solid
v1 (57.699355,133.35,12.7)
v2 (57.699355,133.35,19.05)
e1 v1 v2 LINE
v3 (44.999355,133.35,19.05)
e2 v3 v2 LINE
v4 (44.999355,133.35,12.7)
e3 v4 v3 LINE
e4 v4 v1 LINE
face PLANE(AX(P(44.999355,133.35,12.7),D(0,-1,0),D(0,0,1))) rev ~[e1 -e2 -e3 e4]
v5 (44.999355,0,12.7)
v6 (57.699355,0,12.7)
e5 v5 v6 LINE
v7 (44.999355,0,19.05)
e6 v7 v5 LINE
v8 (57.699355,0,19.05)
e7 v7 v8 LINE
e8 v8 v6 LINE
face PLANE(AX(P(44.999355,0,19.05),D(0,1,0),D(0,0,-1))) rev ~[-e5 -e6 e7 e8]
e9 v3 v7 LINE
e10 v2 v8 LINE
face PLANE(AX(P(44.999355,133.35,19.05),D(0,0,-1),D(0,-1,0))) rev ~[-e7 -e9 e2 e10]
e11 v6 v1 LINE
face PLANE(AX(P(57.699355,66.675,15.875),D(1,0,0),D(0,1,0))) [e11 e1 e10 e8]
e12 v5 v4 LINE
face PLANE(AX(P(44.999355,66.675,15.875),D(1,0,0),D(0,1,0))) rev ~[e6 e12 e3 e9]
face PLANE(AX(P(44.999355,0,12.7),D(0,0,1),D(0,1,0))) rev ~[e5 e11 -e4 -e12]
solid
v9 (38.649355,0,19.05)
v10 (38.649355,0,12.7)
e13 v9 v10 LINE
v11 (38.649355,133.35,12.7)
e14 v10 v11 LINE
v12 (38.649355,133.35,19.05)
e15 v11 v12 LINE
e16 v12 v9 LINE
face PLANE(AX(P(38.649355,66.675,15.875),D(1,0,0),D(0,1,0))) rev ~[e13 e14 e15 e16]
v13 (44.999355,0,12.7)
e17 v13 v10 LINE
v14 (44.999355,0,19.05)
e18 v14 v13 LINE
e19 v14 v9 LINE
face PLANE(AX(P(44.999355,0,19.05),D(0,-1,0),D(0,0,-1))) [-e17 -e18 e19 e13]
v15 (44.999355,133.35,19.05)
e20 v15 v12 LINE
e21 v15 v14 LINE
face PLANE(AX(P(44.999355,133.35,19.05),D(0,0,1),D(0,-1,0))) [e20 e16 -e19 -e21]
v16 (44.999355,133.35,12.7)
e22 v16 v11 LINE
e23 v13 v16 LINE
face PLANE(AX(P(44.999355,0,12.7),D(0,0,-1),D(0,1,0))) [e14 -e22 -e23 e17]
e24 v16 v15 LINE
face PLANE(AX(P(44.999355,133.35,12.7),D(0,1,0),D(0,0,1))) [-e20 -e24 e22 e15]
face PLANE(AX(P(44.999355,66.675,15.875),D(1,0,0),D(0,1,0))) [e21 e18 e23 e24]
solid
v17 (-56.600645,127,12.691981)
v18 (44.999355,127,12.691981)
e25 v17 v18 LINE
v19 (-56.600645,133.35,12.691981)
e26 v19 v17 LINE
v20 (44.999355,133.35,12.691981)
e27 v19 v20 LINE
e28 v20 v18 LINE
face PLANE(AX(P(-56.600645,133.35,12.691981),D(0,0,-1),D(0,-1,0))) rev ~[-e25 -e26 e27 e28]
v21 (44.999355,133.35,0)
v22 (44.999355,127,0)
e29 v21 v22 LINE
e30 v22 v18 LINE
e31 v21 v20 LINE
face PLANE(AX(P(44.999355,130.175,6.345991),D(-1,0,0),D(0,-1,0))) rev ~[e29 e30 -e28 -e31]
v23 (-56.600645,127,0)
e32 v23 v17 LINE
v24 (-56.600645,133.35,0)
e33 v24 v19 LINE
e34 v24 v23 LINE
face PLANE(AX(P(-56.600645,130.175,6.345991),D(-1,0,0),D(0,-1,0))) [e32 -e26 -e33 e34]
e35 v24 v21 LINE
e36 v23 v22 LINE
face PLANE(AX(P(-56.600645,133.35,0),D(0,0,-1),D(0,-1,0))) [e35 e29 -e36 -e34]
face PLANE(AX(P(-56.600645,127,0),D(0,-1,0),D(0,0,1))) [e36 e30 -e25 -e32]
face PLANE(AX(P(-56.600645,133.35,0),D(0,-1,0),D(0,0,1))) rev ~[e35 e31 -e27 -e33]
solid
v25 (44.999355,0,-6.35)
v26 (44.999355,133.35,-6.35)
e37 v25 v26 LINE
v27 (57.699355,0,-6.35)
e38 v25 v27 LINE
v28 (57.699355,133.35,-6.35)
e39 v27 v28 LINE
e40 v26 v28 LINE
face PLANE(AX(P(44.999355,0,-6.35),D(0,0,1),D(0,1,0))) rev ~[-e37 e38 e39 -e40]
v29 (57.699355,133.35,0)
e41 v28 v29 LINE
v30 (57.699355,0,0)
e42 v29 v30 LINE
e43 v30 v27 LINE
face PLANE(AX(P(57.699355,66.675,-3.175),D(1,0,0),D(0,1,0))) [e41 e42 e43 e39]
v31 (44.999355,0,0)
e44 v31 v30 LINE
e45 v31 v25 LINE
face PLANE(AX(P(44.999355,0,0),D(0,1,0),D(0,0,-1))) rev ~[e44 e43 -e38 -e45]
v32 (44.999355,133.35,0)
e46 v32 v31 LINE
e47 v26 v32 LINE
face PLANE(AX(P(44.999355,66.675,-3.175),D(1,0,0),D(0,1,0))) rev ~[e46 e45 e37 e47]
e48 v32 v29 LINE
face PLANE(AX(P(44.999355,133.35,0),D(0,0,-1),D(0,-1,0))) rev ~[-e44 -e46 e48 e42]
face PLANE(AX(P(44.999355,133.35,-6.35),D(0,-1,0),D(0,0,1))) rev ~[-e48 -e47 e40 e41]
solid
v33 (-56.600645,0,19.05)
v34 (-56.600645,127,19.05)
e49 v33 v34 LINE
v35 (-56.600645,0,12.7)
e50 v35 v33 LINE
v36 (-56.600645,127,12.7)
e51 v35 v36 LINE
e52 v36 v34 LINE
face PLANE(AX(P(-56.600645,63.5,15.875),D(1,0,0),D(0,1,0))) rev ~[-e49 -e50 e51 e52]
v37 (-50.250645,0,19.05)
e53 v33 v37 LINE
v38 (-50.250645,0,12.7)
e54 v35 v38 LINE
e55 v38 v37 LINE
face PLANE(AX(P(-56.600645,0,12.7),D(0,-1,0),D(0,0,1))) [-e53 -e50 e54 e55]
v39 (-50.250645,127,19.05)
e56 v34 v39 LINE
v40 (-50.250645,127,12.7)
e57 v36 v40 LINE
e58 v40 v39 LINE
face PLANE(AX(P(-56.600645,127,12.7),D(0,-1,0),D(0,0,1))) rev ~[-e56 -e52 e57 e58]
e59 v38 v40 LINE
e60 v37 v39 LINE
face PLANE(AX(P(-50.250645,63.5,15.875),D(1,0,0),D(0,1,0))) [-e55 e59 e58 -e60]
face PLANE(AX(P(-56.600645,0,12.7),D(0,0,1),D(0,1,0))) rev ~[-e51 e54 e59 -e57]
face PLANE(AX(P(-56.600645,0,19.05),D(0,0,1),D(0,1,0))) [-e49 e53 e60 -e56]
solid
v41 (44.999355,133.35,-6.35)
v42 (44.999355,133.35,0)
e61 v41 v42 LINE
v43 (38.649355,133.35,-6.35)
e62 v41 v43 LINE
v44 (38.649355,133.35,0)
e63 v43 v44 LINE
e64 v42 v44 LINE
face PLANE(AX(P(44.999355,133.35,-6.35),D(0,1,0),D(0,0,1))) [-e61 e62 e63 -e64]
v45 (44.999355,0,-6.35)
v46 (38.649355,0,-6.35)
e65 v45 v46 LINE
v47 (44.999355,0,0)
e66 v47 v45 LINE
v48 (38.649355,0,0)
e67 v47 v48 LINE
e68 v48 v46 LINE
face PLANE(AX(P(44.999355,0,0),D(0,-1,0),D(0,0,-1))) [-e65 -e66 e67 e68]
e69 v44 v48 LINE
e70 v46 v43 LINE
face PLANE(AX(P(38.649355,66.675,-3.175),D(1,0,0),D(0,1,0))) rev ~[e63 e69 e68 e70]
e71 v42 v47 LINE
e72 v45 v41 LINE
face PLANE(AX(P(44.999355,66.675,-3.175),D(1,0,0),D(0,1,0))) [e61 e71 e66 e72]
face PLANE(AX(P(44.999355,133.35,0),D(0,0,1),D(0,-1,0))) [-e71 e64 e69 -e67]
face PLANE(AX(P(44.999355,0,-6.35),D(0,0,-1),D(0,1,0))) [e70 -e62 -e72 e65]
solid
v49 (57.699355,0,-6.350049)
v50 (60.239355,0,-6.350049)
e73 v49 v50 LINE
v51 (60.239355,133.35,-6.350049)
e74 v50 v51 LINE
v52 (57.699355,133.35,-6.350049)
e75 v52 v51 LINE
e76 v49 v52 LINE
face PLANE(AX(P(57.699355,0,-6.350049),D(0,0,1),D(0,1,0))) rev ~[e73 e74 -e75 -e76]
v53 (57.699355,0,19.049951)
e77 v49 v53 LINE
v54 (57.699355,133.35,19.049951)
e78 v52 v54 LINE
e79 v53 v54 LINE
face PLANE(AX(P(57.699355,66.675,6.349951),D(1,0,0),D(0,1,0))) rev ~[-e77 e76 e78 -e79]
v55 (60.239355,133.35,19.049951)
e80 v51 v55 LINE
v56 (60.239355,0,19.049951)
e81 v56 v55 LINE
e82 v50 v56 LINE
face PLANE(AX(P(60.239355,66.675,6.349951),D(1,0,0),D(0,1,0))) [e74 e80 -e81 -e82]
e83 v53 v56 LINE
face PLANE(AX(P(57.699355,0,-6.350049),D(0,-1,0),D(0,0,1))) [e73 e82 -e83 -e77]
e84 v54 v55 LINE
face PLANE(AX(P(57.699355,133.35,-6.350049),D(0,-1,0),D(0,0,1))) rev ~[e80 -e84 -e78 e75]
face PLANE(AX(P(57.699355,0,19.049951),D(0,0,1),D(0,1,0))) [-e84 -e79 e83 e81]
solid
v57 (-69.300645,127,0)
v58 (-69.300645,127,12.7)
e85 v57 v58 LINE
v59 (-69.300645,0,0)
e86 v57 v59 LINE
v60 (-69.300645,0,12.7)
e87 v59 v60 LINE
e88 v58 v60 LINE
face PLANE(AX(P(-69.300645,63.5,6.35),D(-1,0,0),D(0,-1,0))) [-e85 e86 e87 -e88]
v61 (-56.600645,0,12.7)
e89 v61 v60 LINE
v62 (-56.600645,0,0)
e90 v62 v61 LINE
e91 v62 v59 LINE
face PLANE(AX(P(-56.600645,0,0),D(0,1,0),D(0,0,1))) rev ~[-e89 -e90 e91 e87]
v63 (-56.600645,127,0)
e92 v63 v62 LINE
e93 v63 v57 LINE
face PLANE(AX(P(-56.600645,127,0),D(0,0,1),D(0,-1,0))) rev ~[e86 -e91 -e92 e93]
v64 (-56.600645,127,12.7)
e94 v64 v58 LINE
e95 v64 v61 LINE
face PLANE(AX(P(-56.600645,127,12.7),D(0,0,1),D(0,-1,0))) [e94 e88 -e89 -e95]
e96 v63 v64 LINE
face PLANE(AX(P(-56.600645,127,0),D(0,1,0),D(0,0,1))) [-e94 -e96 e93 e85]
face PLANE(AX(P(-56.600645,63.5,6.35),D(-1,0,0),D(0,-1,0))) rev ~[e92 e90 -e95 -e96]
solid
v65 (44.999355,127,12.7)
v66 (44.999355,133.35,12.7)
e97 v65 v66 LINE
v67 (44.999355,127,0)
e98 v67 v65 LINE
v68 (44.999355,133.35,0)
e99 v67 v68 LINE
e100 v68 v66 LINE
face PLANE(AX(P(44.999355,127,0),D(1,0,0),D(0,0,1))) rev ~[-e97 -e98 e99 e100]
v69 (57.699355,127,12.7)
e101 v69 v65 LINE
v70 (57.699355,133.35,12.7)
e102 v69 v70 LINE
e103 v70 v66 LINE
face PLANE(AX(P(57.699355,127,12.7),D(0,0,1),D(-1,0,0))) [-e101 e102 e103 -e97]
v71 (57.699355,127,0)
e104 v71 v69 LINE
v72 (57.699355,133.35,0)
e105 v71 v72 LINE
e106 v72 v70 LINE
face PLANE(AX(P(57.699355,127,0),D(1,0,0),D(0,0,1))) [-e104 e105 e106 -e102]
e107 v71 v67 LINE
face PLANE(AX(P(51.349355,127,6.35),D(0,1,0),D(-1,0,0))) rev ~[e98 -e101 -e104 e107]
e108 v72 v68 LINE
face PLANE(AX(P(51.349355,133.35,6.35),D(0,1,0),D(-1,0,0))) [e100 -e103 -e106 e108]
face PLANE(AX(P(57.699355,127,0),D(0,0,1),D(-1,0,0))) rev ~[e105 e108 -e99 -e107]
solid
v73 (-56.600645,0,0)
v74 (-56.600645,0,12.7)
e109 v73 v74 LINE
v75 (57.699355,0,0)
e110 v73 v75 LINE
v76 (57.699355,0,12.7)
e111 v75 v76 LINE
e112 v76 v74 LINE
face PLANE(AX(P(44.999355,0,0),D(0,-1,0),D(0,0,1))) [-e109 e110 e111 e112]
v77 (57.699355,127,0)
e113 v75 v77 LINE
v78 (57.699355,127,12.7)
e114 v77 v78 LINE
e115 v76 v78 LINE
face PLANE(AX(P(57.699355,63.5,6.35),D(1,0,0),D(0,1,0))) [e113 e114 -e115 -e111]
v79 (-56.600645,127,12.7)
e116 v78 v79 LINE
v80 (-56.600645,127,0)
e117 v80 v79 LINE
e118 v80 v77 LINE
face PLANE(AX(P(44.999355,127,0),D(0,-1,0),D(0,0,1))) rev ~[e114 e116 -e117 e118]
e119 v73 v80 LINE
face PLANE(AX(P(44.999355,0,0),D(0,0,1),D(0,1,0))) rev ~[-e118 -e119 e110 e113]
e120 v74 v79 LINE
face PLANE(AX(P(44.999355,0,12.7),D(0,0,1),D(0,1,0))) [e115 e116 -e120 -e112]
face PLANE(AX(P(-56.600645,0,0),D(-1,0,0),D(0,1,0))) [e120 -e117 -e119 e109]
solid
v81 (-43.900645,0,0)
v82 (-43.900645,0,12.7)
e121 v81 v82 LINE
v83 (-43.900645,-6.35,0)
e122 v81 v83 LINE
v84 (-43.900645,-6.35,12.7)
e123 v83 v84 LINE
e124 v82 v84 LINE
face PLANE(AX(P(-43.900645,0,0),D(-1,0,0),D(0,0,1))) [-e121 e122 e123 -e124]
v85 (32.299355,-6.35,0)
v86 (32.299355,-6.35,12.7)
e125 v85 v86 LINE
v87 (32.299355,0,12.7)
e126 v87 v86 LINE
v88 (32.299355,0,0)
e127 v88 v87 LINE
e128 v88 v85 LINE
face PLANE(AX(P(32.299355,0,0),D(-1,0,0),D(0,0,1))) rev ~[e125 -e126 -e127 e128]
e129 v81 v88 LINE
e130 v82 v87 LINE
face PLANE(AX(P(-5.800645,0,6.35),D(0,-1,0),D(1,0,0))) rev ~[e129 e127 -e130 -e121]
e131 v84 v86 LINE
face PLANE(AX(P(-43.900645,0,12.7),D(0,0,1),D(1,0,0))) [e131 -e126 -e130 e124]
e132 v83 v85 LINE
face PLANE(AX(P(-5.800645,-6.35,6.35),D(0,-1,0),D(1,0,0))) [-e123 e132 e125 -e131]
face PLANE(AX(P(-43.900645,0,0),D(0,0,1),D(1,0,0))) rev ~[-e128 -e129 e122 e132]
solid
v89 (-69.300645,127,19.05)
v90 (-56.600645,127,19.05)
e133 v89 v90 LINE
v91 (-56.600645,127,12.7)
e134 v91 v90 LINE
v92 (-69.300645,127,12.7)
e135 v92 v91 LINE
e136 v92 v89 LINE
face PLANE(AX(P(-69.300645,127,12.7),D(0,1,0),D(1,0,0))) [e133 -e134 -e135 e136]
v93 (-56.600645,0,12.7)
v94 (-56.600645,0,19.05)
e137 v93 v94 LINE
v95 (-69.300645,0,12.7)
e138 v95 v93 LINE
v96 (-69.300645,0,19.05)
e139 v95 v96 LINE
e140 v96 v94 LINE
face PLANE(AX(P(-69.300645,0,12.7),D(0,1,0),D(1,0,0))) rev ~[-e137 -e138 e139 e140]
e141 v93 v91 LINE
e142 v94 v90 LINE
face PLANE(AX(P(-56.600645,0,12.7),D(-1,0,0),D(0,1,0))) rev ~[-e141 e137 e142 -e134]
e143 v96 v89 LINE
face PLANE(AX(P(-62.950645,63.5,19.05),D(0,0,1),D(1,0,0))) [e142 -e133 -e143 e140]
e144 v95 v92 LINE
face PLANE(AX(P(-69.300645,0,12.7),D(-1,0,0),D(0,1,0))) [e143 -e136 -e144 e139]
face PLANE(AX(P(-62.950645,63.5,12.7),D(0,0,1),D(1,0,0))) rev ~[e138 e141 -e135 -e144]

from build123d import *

# Parameters (mm, degrees)
F0_W      = 101.6
F0_H      = 127
F1_DEPTH  = 12.7
F2_W      = 76.2
F2_H      = 12.7
F3_DEPTH  = 6.35
F6_DEPTH  = 6.35
F4_W      = 127
F4_H      = 12.7
F7_DEPTH  = 12.7
F8_DEPTH  = 6.35
F9_DEPTH  = 12.7
F10_W     = 133.35
F10_H     = 25.4
F11_DEPTH = 2.54
F12_W     = 12.7
F12_H     = 12.7
F13_DEPTH = 6.35
F14_W     = 6.35
F14_H     = 12.6919811592
F15_DEPTH = 101.6
F16_W     = 127
F16_H     = 12.7
F17_DEPTH = 12.7
F18_W     = 12.7
F18_H     = 127
F19_DEPTH = 6.35
F20_W     = 127
F20_H     = 6.35
F21_DEPTH = 6.35


with BuildPart() as f1:
    # F0 (on Top) → F1 (new body)
    with BuildSketch(Plane.XY):
        with Locations((-5.8006451845, 63.5)):
            Rectangle(F0_W, F0_H)
    extrude(amount=F1_DEPTH)

    # F4 (on face) → F7 (join)
    with BuildSketch(Plane.YZ.offset(44.9993548155)):
        with Locations((63.5, 6.35)):
            Rectangle(F4_W, F4_H)
    extrude(amount=F7_DEPTH)


with BuildPart() as f3:
    # F2 (on face) → F3 (new body)
    with BuildSketch(Plane.XZ):
        with Locations((-5.8006451845, 6.35)):
            Rectangle(F2_W, F2_H)
    extrude(amount=F3_DEPTH)


with BuildPart() as f6:
    # F5 (on face) → F6 (new body)
    with BuildSketch(Plane.YZ.offset(44.9993548155)):
        Polygon((0, 19.05), (0, 12.7), (127, 12.7), (133.35, 12.7), (133.35, 19.05), align=None)
    extrude(amount=-F6_DEPTH)


with BuildPart() as f8:
    # F5 (on face) → F8 (new body)
    with BuildSketch(Plane.YZ.offset(44.9993548155)):
        Polygon((127, 0), (0, 0), (0, -6.35), (133.35, -6.35), (133.35, 0), align=None)
    extrude(amount=-F8_DEPTH)


with BuildPart() as f9:
    # F5 (on face) → F9 (new body)
    with BuildSketch(Plane.YZ.offset(44.9993548155)):
        Polygon((127, 0), (0, 0), (0, -6.35), (133.35, -6.35), (133.35, 0), align=None)
    extrude(amount=F9_DEPTH)


with BuildPart() as f9b:
    # F5 (on face) → F9, piece 2 (new body)
    with BuildSketch(Plane.YZ.offset(44.9993548155)):
        Polygon((0, 19.05), (0, 12.7), (127, 12.7), (133.35, 12.7), (133.35, 19.05), align=None)
    extrude(amount=F9_DEPTH)


with BuildPart() as f11:
    # F10 (on face) → F11 (new body)
    with BuildSketch(Plane.YZ.offset(57.6993548155)):
        with Locations((66.675, 6.3499511823)):
            Rectangle(F10_W, F10_H)
    extrude(amount=F11_DEPTH)


with BuildPart() as f13:
    # F12 (on face) → F13 (new body)
    with BuildSketch(Plane(origin=(0, 127, 0), x_dir=(-1, 0, 0), z_dir=(0, 1, 0))):
        with Locations((-51.3493548155, 6.35)):
            Rectangle(F12_W, F12_H)
    extrude(amount=F13_DEPTH)


with BuildPart() as f15:
    # F14 (on face) → F15 (new body)
    with BuildSketch(Plane(origin=(-56.6006451845, 0, 0), x_dir=(0, -1, 0), z_dir=(-1, 0, 0))):
        with Locations((-130.175, 6.3459905796)):
            Rectangle(F14_W, F14_H)
    extrude(amount=-F15_DEPTH)


with BuildPart() as f17:
    # F16 (on face) → F17 (new body)
    with BuildSketch(Plane(origin=(-56.6006451845, 0, 0), x_dir=(0, -1, 0), z_dir=(-1, 0, 0))):
        with Locations((-63.5, 6.35)):
            Rectangle(F16_W, F16_H)
    extrude(amount=F17_DEPTH)


with BuildPart() as f19:
    # F18 (on face) → F19 (new body)
    with BuildSketch(Plane.XY.offset(12.7)):
        with Locations((-62.9506451845, 63.5)):
            Rectangle(F18_W, F18_H)
    extrude(amount=F19_DEPTH)


with BuildPart() as f21:
    # F20 (on face) → F21 (new body)
    with BuildSketch(Plane.YZ.offset(-56.6006451845)):
        with Locations((63.5, 15.875)):
            Rectangle(F20_W, F20_H)
    extrude(amount=F21_DEPTH)


solid = Compound([f1.part, f3.part, f6.part, f8.part, f9.part, f9b.part, f11.part, f13.part, f15.part, f17.part, f19.part, f21.part])
